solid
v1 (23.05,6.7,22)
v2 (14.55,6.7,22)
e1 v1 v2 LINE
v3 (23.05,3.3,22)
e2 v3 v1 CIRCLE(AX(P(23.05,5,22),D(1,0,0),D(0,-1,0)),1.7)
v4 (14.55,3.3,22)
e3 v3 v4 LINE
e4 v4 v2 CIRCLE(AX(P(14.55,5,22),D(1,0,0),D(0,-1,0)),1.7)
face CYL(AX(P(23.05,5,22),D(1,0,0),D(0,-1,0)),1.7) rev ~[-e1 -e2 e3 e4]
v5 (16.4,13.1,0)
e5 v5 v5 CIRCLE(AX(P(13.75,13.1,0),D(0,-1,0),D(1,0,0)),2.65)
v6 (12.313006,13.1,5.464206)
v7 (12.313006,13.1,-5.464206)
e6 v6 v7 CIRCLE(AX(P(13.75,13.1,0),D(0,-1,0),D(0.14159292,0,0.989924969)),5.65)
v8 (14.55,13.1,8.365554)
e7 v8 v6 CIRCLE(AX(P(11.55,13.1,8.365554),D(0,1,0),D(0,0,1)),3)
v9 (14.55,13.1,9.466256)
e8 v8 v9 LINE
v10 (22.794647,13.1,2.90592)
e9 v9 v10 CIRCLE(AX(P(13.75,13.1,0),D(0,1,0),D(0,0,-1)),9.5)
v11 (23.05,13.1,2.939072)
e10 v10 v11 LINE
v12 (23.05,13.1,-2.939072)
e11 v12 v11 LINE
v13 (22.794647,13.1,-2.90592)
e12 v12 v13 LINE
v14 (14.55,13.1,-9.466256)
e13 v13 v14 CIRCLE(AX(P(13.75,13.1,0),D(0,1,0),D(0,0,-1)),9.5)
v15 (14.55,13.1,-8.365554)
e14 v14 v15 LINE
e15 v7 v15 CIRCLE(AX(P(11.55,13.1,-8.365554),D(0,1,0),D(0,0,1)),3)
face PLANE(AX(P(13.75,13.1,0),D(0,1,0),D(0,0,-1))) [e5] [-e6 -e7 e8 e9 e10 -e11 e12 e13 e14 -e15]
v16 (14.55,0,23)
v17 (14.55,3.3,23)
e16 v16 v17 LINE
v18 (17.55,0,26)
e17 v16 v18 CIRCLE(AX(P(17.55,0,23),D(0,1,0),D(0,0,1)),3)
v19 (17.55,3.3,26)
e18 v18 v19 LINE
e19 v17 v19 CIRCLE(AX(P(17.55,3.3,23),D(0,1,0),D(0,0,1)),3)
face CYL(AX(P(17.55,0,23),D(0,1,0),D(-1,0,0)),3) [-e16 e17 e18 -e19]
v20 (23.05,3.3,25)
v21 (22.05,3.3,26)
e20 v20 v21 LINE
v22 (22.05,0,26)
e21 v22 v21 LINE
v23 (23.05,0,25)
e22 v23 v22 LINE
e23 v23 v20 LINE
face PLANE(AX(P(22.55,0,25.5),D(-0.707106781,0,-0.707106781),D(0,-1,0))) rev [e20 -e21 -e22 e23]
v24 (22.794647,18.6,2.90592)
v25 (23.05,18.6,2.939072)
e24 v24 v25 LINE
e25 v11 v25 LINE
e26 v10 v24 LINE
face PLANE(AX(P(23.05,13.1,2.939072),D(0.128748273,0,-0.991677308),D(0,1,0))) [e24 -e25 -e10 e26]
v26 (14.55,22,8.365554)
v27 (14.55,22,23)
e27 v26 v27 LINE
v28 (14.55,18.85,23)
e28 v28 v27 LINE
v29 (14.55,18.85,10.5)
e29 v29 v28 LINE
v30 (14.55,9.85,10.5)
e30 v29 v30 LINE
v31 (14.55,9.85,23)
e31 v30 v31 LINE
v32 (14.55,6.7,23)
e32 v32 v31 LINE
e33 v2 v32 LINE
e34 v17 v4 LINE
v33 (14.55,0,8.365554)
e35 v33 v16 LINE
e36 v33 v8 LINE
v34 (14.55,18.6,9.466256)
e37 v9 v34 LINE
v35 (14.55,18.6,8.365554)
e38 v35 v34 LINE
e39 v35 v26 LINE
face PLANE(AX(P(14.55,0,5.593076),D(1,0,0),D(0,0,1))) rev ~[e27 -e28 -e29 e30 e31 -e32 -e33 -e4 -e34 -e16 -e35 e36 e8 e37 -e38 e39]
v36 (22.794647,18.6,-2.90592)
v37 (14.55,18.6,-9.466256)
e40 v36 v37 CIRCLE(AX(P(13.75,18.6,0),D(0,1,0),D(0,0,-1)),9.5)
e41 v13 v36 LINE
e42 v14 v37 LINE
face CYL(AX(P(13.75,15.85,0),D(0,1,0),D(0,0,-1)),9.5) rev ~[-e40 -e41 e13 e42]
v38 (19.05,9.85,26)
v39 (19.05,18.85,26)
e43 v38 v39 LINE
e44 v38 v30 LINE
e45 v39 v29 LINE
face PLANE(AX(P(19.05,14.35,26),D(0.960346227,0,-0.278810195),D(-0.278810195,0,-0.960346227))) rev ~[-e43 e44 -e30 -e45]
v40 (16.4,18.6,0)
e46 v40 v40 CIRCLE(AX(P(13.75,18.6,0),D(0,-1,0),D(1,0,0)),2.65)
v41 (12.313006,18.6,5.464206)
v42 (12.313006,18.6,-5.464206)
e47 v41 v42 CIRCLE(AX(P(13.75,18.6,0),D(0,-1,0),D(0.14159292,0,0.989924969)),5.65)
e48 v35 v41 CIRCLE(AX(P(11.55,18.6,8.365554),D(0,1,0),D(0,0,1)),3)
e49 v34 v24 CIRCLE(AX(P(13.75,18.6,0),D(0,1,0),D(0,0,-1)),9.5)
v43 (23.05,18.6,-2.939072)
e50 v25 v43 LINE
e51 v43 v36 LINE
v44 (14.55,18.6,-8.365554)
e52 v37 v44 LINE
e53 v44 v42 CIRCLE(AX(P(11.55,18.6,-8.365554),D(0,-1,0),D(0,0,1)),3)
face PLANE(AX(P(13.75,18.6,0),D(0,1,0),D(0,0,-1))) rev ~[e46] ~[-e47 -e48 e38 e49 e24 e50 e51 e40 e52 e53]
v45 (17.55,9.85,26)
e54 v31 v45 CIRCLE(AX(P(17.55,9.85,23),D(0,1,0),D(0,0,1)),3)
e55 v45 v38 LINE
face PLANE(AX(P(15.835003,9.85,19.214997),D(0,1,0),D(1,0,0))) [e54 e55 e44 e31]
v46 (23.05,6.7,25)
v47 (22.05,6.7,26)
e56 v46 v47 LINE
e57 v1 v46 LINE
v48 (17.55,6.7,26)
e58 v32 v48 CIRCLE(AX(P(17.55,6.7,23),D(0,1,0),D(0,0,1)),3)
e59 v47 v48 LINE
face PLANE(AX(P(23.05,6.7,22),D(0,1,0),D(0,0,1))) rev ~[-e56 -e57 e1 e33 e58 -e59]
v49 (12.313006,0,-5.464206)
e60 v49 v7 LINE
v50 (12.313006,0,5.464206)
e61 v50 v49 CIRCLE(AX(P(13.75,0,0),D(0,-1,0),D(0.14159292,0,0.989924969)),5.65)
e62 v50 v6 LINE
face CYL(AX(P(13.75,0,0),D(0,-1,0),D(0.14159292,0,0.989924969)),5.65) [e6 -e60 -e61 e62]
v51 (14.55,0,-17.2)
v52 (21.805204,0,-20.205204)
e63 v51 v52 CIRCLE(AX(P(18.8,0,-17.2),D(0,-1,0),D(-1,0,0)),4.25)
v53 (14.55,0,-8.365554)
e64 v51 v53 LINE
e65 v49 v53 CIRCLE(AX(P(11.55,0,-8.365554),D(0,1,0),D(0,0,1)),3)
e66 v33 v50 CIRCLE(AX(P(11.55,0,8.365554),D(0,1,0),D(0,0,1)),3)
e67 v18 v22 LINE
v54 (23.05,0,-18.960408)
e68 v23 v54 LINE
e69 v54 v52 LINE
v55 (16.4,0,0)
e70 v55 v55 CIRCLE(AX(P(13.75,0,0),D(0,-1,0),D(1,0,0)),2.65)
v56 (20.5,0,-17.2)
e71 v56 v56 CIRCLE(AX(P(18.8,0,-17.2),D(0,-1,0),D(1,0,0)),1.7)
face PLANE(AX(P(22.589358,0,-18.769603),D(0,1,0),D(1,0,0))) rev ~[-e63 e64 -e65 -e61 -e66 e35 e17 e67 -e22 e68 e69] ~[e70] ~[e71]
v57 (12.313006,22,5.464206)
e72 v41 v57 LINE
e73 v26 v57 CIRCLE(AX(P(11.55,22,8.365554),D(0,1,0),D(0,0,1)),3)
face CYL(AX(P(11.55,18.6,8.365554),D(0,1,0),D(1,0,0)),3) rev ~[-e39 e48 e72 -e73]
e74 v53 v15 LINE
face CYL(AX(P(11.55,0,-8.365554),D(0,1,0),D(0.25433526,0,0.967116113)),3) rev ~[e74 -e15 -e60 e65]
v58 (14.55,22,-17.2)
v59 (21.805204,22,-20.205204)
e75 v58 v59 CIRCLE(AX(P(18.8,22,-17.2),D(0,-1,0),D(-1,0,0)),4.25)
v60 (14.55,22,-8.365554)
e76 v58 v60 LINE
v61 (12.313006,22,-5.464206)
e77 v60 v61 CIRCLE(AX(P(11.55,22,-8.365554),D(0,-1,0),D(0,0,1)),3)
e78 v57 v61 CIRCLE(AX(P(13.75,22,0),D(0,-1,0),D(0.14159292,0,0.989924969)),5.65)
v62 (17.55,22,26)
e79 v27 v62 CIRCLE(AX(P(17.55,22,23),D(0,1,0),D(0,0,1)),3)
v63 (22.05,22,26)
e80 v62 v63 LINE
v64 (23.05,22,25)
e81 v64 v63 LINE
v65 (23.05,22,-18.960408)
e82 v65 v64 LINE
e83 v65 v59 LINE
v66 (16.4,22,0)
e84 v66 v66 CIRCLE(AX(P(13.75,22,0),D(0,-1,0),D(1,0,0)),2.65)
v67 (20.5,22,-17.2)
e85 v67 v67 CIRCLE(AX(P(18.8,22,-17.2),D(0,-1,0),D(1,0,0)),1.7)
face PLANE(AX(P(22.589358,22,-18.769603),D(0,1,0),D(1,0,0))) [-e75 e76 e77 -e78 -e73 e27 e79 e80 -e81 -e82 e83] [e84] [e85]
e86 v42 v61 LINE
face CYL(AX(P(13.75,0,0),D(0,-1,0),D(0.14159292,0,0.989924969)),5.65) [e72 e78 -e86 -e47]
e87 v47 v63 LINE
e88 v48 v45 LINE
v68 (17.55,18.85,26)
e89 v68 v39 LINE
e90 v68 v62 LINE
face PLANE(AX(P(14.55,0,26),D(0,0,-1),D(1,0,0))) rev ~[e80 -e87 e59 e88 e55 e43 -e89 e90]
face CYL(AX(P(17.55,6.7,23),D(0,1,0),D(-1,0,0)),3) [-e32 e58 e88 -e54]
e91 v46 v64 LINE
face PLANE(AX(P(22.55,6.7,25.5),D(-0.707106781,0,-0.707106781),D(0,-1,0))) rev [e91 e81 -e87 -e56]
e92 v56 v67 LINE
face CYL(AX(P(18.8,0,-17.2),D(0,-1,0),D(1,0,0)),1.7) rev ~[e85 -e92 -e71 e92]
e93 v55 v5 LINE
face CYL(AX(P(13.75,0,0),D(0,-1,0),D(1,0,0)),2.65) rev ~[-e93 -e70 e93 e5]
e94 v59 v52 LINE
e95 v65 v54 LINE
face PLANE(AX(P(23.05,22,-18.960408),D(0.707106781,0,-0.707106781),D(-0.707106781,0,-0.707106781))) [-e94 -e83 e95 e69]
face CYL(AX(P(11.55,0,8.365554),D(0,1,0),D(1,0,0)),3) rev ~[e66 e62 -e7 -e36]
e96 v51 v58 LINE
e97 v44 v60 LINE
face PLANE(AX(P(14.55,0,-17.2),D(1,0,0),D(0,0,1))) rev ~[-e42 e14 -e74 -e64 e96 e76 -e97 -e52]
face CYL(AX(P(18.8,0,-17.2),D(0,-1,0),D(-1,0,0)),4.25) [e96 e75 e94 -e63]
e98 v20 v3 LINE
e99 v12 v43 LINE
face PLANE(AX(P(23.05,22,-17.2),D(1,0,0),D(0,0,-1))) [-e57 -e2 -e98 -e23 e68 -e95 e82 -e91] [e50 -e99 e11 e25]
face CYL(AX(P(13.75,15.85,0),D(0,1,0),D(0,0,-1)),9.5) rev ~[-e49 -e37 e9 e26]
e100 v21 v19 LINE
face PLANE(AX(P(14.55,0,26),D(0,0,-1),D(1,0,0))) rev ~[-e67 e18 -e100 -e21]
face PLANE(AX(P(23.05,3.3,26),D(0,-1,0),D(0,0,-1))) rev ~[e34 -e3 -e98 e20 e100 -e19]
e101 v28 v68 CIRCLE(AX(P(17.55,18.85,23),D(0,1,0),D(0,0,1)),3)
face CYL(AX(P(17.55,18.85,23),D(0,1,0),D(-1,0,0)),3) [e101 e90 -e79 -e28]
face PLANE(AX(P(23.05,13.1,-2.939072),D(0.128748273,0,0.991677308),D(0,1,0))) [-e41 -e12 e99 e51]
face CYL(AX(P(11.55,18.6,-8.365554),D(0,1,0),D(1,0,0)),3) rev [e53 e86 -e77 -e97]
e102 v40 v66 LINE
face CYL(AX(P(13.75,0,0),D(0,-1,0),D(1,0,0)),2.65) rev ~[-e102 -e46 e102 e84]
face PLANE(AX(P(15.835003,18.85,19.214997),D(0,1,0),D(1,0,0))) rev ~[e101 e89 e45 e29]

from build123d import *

# Parameters (mm, degrees)
SKETCH054_R     = 1.7
SKETCH054_R_2   = 2.65
PAD016_DEPTH    = 22
SKETCH055_R     = 9.5
POCKET028_DEPTH = 2.75
POCKET029_DEPTH = 10
POCKET030_DEPTH = 4.5
PAD017_DEPTH    = 22
FILLET046_R     = 3
CHAMFER015_SIZE = 1


with BuildPart() as part:
    # Sketch054 → Pad016 (new body)
    with BuildSketch(Plane.XZ):
        with BuildLine():
            Line((14.55, -17.2), (14.55, -5.5930760767))
            ThreePointArc((14.55, 5.5930760767), (8.1, 0), (14.55, -5.5930760767))
            Line((14.55, 5.5930760767), (14.55, 26))
            Line((14.55, 26), (23.05, 26))
            Line((23.05, 26), (23.05, -17.2))
            ThreePointArc((14.55, -17.2), (18.8, -21.45), (23.05, -17.2))
        make_face()
        with Locations((18.8, -17.2)):
            Circle(SKETCH054_R, mode=Mode.SUBTRACT)
        with Locations((13.75, 0)):
            Circle(SKETCH054_R_2, mode=Mode.SUBTRACT)
    extrude(amount=-PAD016_DEPTH)

    # Sketch055 (on DatumPlane) → Pocket028 (cut, symmetric)
    with BuildSketch(Plane(origin=(6.25, 15.85, 0), x_dir=(0, 0, -1), z_dir=(0, 1, 0))):
        with Locations((0, -7.5)):
            Circle(SKETCH055_R)
    extrude(amount=POCKET028_DEPTH, both=True, mode=Mode.SUBTRACT)

    # Sketch056 (on Face12 of Pocket028) → Pocket029 (cut)
    with BuildSketch(Plane(origin=(23.05, 0, 0), x_dir=(0, 0, 1), z_dir=(1, 0, 0))):
        with BuildLine():
            Line((26, -3.3), (22, -3.3))
            ThreePointArc((22, -3.3), (20.3, -5), (22, -6.7))
            Line((22, -6.7), (26, -6.7))
            Line((26, -6.7), (26, -3.3))
        make_face()
    extrude(amount=-POCKET029_DEPTH, mode=Mode.SUBTRACT)

    # Sketch057 (on DatumPlane) → Pocket030 (cut, symmetric)
    with BuildSketch(Plane(origin=(0, 14.35, 0), x_dir=(1, 0, 0), z_dir=(0, 1, 0))):
        Polygon((14.55, -26), (19.05, -26), (14.55, -10.5), align=None)
    extrude(amount=POCKET030_DEPTH, both=True, mode=Mode.SUBTRACT)

    # Sketch058 (on Face8 of Pocket030) → Pad017 (join)
    with BuildSketch(Plane(origin=(0, 22, 0), x_dir=(1, 0, 0), z_dir=(0, 1, 0))):
        Polygon((23.05, 17.2), (23.05, 18.9604076401), (21.80520382, 20.20520382), align=None)
    extrude(amount=-PAD017_DEPTH)

    # Fillet046
    fillet046_edges = [part.edges().sort_by_distance(p)[0] for p in [
        (14.55, 1.65, 26),
        (14.55, 8.275, 26),
        (14.55, 20.425, 26),
        (14.55, 6.55, 5.593076),
        (14.55, 20.3, 5.593076),
        (14.55, 20.3, -5.593076),
        (14.55, 6.55, -5.593076),
    ]]
    fillet(fillet046_edges, radius=FILLET046_R)

    # Chamfer015
    chamfer015_edges = [part.edges().sort_by_distance(p)[0] for p in [
        (23.05, 1.65, 26),
        (23.05, 14.35, 26),
        (23.05, 15.85, 1.939072),
        (23.05, 15.85, -1.939072),
    ]]
    chamfer(chamfer015_edges, length=CHAMFER015_SIZE)


solid = part.part
